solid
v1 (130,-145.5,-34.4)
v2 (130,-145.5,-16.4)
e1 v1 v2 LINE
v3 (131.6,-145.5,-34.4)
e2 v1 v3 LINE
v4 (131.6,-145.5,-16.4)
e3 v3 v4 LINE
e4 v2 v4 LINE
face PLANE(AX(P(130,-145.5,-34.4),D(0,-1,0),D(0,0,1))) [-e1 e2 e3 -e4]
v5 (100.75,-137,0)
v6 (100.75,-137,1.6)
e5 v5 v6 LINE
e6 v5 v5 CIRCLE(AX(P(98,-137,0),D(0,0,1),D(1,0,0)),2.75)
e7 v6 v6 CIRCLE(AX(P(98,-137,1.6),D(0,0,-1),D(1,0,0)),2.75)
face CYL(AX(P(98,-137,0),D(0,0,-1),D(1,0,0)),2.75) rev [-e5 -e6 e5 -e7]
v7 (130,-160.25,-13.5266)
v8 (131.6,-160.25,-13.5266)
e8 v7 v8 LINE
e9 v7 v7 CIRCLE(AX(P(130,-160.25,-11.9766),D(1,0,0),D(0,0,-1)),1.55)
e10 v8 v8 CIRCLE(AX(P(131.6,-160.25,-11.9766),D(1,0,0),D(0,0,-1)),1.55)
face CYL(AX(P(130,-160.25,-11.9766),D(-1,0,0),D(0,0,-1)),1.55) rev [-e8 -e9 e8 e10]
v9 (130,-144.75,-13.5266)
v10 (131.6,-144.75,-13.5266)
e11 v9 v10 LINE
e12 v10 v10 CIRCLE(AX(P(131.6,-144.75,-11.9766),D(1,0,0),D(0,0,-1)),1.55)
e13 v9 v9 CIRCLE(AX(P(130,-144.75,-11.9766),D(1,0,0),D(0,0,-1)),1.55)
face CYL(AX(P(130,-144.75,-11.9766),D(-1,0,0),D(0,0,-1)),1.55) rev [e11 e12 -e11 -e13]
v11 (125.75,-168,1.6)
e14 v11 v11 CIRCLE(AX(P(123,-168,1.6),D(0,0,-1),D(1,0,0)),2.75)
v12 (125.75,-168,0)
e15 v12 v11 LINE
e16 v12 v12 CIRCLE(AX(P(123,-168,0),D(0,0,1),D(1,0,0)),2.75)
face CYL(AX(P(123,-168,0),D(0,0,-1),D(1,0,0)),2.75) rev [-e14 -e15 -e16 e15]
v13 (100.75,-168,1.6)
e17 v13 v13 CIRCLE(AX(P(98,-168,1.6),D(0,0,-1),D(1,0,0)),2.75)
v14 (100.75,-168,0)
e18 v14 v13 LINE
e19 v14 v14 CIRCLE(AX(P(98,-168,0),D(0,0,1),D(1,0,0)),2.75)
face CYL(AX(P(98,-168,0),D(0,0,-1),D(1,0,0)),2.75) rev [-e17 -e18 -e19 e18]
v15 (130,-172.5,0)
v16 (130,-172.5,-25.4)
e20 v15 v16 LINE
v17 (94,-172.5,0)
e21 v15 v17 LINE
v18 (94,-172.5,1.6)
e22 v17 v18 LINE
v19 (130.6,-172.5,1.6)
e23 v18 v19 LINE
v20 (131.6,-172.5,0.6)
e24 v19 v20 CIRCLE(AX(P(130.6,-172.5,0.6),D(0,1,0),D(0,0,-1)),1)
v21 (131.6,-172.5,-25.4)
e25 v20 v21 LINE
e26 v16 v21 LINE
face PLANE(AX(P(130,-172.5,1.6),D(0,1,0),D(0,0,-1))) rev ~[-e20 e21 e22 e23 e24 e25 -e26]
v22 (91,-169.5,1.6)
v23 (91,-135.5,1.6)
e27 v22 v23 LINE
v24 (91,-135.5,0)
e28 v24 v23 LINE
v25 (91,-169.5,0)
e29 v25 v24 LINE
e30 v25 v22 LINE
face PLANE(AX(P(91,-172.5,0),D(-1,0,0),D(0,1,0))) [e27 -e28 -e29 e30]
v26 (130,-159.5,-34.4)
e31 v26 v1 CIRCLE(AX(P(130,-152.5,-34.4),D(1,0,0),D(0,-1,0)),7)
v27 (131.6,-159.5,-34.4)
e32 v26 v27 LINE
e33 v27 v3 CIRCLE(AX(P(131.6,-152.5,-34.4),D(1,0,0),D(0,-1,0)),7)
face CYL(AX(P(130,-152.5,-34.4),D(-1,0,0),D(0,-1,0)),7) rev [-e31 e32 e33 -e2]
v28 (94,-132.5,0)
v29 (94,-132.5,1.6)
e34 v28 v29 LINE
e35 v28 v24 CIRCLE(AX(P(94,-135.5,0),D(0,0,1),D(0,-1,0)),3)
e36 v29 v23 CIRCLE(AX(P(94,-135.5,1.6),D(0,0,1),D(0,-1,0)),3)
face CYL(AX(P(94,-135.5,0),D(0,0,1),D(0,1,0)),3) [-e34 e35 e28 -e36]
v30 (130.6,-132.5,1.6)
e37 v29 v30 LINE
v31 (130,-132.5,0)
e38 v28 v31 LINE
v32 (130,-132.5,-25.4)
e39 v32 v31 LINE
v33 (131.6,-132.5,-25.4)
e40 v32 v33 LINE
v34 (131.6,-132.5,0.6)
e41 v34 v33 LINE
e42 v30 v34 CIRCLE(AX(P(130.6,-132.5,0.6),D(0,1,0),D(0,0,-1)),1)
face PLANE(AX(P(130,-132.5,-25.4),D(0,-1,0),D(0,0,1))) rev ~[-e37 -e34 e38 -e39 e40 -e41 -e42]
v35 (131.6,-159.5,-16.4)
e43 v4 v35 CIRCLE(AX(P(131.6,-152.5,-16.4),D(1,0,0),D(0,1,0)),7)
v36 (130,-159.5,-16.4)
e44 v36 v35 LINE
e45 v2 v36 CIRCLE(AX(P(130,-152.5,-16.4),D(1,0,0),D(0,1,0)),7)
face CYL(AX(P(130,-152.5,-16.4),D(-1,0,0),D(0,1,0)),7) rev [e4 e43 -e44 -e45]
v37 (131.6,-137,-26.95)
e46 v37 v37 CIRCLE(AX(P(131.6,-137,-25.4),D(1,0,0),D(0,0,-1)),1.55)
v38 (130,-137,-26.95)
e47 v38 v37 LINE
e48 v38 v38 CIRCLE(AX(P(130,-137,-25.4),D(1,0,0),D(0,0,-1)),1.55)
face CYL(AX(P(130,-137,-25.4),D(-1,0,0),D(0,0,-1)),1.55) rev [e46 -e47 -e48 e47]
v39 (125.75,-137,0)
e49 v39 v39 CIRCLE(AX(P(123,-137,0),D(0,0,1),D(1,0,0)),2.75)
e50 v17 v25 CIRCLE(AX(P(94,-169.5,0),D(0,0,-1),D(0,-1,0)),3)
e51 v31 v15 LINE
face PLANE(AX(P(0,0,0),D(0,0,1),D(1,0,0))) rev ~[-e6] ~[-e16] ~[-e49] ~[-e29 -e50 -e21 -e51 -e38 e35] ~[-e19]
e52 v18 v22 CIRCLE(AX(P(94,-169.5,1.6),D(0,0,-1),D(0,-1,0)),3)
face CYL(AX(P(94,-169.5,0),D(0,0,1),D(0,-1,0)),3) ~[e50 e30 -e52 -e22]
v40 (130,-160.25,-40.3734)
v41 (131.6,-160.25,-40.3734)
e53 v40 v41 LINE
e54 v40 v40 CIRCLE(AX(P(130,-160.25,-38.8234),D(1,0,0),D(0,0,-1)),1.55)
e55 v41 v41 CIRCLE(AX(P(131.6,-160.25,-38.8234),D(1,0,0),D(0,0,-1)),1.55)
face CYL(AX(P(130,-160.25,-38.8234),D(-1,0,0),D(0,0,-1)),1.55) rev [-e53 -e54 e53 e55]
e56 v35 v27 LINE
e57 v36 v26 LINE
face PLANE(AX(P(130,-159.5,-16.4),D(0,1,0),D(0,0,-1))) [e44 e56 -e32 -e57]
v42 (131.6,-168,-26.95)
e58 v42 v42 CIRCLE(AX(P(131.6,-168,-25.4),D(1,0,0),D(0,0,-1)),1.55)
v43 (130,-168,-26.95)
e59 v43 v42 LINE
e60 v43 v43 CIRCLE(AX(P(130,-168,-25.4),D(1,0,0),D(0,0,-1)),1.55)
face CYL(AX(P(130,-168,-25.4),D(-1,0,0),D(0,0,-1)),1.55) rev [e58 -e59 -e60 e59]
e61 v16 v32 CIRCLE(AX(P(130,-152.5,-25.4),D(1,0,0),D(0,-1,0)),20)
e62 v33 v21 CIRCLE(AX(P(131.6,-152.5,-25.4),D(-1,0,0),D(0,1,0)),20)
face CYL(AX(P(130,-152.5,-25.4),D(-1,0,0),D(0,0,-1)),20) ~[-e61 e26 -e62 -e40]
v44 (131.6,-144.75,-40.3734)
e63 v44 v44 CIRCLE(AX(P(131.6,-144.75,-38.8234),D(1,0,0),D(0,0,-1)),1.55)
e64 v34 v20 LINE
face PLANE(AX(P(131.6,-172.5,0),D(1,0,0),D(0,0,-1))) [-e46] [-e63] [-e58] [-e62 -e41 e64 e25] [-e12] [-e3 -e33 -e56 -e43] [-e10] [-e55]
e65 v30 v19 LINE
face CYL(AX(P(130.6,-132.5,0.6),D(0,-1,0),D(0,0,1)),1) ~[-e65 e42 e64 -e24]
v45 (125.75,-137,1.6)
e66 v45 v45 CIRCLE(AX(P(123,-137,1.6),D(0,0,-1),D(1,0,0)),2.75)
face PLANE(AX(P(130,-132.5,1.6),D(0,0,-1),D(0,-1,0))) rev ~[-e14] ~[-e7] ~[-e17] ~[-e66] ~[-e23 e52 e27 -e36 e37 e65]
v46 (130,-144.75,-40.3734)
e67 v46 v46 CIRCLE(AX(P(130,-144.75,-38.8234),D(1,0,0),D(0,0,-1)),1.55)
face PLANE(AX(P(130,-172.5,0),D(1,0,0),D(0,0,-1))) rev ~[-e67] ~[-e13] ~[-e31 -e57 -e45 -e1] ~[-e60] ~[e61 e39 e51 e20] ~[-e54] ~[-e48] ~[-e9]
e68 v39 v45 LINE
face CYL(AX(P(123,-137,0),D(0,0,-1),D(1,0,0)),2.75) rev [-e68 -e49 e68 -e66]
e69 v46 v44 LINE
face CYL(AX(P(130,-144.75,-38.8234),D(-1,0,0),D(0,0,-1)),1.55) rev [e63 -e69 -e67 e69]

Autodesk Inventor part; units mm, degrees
ref_plane "YZ Plane" through (0, 0, 0) normal (1, 0, 0) x (0, 1, 0)
ref_plane "XZ Plane" through (0, 0, 0) normal (0, 1, 0) x (-1, 0, 0)
ref_plane "작업 평면1" through (0, 0, 0) normal (0, 0, 1) x (1, 0, 0)
sketch "스케치1" plane through (0, 0, 0) normal (0, 0, 1) x (1, 0, 0)
  line L0 (130, -172.5) -> (91, -172.5)
  line L1 (91, -172.5) -> (91, -132.5)
  line L2 (91, -132.5) -> (130, -132.5)
  line L3 (130, -132.5) -> (130, -172.5)
  line L4 (91, -152.5) -> (130, -152.5) construction
  circle A0 centre (98, -168) radius 2.75
  line L5 (110.5, -172.5) -> (110.5, -132.5) construction
  circle A1 centre (98, -137) radius 2.75
  circle A2 centre (123, -168) radius 2.75
  circle A3 centre (123, -137) radius 2.75
  circle A4 centre (0, 170) radius 2 projected
  circle A5 centre (-73.6122, 42.5) radius 2 projected
  circle A6 centre (73.6122, 42.5) radius 2 projected
  line L6 (-175, 220) -> (-175, 200) projected
  line L7 (-175, 200) -> (-130, 200) projected
  line L8 (-130, 200) -> (-130, 105) projected
  line L9 (-130, 105) -> (-175, 105) projected
  line L10 (-175, 105) -> (-175, -105) projected
  line L11 (-175, -105) -> (-130, -105) projected
  line L12 (-130, -105) -> (-130, -200) projected
  line L13 (-130, -200) -> (-175, -200) projected
  line L14 (-175, -200) -> (-175, -220) projected
  arc A7 (-175, -220) -> (-145, -250) centre (-145, -220) ccw projected
  line L15 (-145, -250) -> (145, -250) projected
  arc A8 (145, -250) -> (175, -220) centre (145, -220) ccw projected
  line L16 (175, -220) -> (175, -200) projected
  line L17 (175, -200) -> (130, -200) projected
  line L18 (130, -200) -> (130, -105) projected
  line L19 (130, -105) -> (175, -105) projected
  line L20 (175, -105) -> (175, 105) projected
  line L21 (175, 105) -> (130, 105) projected
  line L22 (130, 105) -> (130, 200) projected
  line L23 (130, 200) -> (175, 200) projected
  line L24 (175, 200) -> (175, 220) projected
  arc A9 (175, 220) -> (145, 250) centre (145, 220) ccw projected
  line L25 (145, 250) -> (-145, 250) projected
  arc A10 (-145, 250) -> (-175, 220) centre (-145, 220) ccw projected
  circle A11 centre (-123, 166.7672) radius 2 projected
  circle A12 centre (122.9975, 135.7594) radius 2 projected
  circle A13 centre (97.9975, -135.761) radius 2 projected
  circle A14 centre (15.5, 71.3) radius 2 projected
  circle A15 centre (165.0067, -210) radius 2.5 projected
  circle A16 centre (119.0003, -180.2596) radius 1.25 projected
  circle A17 centre (-119, -122.2672) radius 1.25 projected
  circle A18 centre (-123, -135.7672) radius 2 projected
  circle A19 centre (0.0196, 140) radius 2 projected
  circle A20 centre (-123, -166.7672) radius 2 projected
  circle A21 centre (-70, -122.2672) radius 1.25 projected
  circle A22 centre (69.9966, -122.2627) radius 1.25 projected
  circle A23 centre (-165, 0) radius 2.5 projected
  circle A24 centre (-165.0067, 210) radius 2.5 projected
  circle A25 centre (-15.5, 119.1) radius 2 projected
  circle A26 centre (97.9995, -166.761) radius 2 projected
  circle A27 centre (97.9995, 166.761) radius 2 projected
  circle A28 centre (-98, 166.7672) radius 2 projected
  circle A29 centre (-123, 135.7672) radius 2 projected
  circle A30 centre (97.9975, 135.761) radius 2 projected
  circle A31 centre (122.9975, -135.7594) radius 2 projected
  circle A32 centre (-15.5, 71.3) radius 2 projected
  circle A33 centre (-164.9933, -210) radius 2.5 projected
  circle A34 centre (70.0003, -180.2627) radius 1.25 projected
  circle A35 centre (-119, -180.2672) radius 1.25 projected
  circle A36 centre (-98, -135.7672) radius 2 projected
  circle A37 centre (47.6216, 57.483) radius 2 projected
  circle A38 centre (-47.6412, 57.517) radius 2 projected
  circle A39 centre (-98, -166.7672) radius 2 projected
  circle A40 centre (-70, -180.2672) radius 1.25 projected
  circle A41 centre (118.9966, -122.2596) radius 1.25 projected
  circle A42 centre (165, 0) radius 2.5 projected
  circle A43 centre (164.9933, 210) radius 2.5 projected
  circle A44 centre (15.5, 119.1) radius 2 projected
  circle A45 centre (122.9995, -166.7594) radius 2 projected
  circle A46 centre (122.9995, 166.7594) radius 2 projected
  circle A47 centre (-98, 135.7672) radius 2 projected
  line L26 (-110, 97.5) -> (-93, 97.5) projected
  line L27 (-93, 97.5) -> (-93, 89.5) projected
  line L28 (-93, 89.5) -> (-110, 89.5) projected
  line L29 (-110, 89.5) -> (-110, 97.5) projected
  circle A48 centre (148, -23.75) radius 2 projected
  circle A49 centre (130.626, -27.584) radius 1.5 projected
  circle A50 centre (118.5, 61.5) radius 1.5 projected
  circle A51 centre (-118.5, 61.5) radius 1.5 projected
  circle A52 centre (21, -158.9548) radius 2 projected
  circle A53 centre (-22, -53) radius 2 projected
  circle A54 centre (-49.5, -194.9548) radius 2 projected
  circle A55 centre (-49.5, -158.9548) radius 2 projected
  circle A56 centre (21, -194.9548) radius 2 projected
  circle A57 centre (-155, 25) radius 1.5 projected
  circle A58 centre (118.5, 25) radius 1.5 projected
  circle A59 centre (123.133, -76) radius 1.5 projected
  circle A60 centre (37, -84) radius 2 projected
  line L30 (-93, -89.5) -> (-93, -97.5) projected
  line L31 (-93, -97.5) -> (-110, -97.5) projected
  line L32 (-110, -97.5) -> (-110, -89.5) projected
  line L33 (-110, -89.5) -> (-93, -89.5) projected
  circle A61 centre (-130, 5) radius 6 projected
  line L34 (110, 89.5) -> (93, 89.5) projected
  line L35 (93, 89.5) -> (93, 97.5) projected
  line L36 (93, 97.5) -> (110, 97.5) projected
  line L37 (110, 97.5) -> (110, 89.5) projected
  circle A62 centre (148, -84) radius 2 projected
  circle A63 centre (47.999, -27.584) radius 1.5 projected
  circle A64 centre (155, 61.5) radius 1.5 projected
  circle A65 centre (-155, 61.5) radius 1.5 projected
  circle A66 centre (49.5, -158.9548) radius 2 projected
  circle A67 centre (-86, -93.5) radius 2 projected
  circle A68 centre (-21, -194.9548) radius 2 projected
  circle A69 centre (-150, -53) radius 2 projected
  circle A70 centre (-21, -158.9548) radius 2 projected
  circle A71 centre (49.5, -194.9548) radius 2 projected
  circle A72 centre (-118.5, 25) radius 1.5 projected
  circle A73 centre (155, 25) radius 1.5 projected
  circle A74 centre (48, -76) radius 1.5 projected
  circle A75 centre (37, -23.75) radius 2 projected
  line L38 (110, -89.5) -> (110, -97.5) projected
  line L39 (110, -97.5) -> (93, -97.5) projected
  line L40 (93, -97.5) -> (93, -89.5) projected
  line L41 (93, -89.5) -> (110, -89.5) projected
  circle A76 centre (-70, 5) radius 6 projected
  circle A77 centre (0, -216.4634) radius 1.5 projected
  circle A78 centre (28.4775, -136.4634) radius 1.5 projected
  circle A79 centre (-28.4775, -136.4634) radius 1.5 projected
  point P0 (0, 0)
  dimension "d0" = 40
  dimension "d1" = 39
  dimension "d5" = 5.5
  dimension "d6" = 7
  dimension "d7" = 4.5
  dimension "d22" = 97.5
extrude "돌출1" add sketch "스케치1" along normal blind 1.6 contours L0 L1 L2 L3 | A0 A26 | A1 A13 | A2 A45 | A3 A31 picked at (98.3703, -165.1311) picked at (98.3657, -134.1305) picked at (122.627, -165.1309) picked at (123.3661, -134.13)
sketch "스케치2" plane through (130, -172.5, 0) normal (1, 0, 0) x (0, 0, -1)
  line L0 (0, 40) -> (-1.6, 40)
  line L1 (-1.6, 0) -> (25.4, 0)
  line L2 (45.4, 20) -> (45.4, 20)
  line L3 (25.4, 40) -> (-1.6, 40)
  line L4 (-1.6, 40) -> (-1.6, 0)
  arc A0 (25.4, 0) -> (45.4, 20) centre (25.4, 20) ccw
  arc A1 (45.4, 20) -> (25.4, 40) centre (25.4, 20) ccw
  circle A2 centre (25.4, 35.5) radius 1.55
  circle A3 centre (11.9766, 27.75) radius 1.55
  circle A4 centre (11.9766, 12.25) radius 1.55
  circle A5 centre (25.4, 4.5) radius 1.55
  circle A6 centre (38.8234, 12.25) radius 1.55
  circle A7 centre (38.8234, 27.75) radius 1.55
  line L5 (34.4, 20) -> (16.4, 20) construction
  line L6 (34.4, 27) -> (16.4, 27)
  line L7 (16.4, 13) -> (34.4, 13)
  arc A8 (34.4, 13) -> (34.4, 27) centre (34.4, 20) ccw
  arc A9 (16.4, 27) -> (16.4, 13) centre (16.4, 20) ccw
  line L8 (0, 40) -> (-1.6, 40) projected
  point P0 (0, 172.5)
  point P1 (45.4, 40)
  point P2 (45.4, 20)
  point P3 (-1.6, 40)
  point P4 (0, 40)
  dimension "d3" = 1.6
  dimension "d8" = 47
  dimension "d9" = 20
  dimension "d10" = 3.1
  dimension "d11" = 15.5
  dimension "d14" = 360
  dimension "d16" = 9
  dimension "d17" = 14
extrude "돌출2" add sketch "스케치2" along normal blind 1.6
fillet "모깎기1" radius 3 2 edges at (91, -132.5, 0.8) (91, -172.5, 0.8)
fillet "모깎기2" radius 1 1 edges at (131.6, -152.5, 1.6)
properties part number "SAFRS-P-0038"
